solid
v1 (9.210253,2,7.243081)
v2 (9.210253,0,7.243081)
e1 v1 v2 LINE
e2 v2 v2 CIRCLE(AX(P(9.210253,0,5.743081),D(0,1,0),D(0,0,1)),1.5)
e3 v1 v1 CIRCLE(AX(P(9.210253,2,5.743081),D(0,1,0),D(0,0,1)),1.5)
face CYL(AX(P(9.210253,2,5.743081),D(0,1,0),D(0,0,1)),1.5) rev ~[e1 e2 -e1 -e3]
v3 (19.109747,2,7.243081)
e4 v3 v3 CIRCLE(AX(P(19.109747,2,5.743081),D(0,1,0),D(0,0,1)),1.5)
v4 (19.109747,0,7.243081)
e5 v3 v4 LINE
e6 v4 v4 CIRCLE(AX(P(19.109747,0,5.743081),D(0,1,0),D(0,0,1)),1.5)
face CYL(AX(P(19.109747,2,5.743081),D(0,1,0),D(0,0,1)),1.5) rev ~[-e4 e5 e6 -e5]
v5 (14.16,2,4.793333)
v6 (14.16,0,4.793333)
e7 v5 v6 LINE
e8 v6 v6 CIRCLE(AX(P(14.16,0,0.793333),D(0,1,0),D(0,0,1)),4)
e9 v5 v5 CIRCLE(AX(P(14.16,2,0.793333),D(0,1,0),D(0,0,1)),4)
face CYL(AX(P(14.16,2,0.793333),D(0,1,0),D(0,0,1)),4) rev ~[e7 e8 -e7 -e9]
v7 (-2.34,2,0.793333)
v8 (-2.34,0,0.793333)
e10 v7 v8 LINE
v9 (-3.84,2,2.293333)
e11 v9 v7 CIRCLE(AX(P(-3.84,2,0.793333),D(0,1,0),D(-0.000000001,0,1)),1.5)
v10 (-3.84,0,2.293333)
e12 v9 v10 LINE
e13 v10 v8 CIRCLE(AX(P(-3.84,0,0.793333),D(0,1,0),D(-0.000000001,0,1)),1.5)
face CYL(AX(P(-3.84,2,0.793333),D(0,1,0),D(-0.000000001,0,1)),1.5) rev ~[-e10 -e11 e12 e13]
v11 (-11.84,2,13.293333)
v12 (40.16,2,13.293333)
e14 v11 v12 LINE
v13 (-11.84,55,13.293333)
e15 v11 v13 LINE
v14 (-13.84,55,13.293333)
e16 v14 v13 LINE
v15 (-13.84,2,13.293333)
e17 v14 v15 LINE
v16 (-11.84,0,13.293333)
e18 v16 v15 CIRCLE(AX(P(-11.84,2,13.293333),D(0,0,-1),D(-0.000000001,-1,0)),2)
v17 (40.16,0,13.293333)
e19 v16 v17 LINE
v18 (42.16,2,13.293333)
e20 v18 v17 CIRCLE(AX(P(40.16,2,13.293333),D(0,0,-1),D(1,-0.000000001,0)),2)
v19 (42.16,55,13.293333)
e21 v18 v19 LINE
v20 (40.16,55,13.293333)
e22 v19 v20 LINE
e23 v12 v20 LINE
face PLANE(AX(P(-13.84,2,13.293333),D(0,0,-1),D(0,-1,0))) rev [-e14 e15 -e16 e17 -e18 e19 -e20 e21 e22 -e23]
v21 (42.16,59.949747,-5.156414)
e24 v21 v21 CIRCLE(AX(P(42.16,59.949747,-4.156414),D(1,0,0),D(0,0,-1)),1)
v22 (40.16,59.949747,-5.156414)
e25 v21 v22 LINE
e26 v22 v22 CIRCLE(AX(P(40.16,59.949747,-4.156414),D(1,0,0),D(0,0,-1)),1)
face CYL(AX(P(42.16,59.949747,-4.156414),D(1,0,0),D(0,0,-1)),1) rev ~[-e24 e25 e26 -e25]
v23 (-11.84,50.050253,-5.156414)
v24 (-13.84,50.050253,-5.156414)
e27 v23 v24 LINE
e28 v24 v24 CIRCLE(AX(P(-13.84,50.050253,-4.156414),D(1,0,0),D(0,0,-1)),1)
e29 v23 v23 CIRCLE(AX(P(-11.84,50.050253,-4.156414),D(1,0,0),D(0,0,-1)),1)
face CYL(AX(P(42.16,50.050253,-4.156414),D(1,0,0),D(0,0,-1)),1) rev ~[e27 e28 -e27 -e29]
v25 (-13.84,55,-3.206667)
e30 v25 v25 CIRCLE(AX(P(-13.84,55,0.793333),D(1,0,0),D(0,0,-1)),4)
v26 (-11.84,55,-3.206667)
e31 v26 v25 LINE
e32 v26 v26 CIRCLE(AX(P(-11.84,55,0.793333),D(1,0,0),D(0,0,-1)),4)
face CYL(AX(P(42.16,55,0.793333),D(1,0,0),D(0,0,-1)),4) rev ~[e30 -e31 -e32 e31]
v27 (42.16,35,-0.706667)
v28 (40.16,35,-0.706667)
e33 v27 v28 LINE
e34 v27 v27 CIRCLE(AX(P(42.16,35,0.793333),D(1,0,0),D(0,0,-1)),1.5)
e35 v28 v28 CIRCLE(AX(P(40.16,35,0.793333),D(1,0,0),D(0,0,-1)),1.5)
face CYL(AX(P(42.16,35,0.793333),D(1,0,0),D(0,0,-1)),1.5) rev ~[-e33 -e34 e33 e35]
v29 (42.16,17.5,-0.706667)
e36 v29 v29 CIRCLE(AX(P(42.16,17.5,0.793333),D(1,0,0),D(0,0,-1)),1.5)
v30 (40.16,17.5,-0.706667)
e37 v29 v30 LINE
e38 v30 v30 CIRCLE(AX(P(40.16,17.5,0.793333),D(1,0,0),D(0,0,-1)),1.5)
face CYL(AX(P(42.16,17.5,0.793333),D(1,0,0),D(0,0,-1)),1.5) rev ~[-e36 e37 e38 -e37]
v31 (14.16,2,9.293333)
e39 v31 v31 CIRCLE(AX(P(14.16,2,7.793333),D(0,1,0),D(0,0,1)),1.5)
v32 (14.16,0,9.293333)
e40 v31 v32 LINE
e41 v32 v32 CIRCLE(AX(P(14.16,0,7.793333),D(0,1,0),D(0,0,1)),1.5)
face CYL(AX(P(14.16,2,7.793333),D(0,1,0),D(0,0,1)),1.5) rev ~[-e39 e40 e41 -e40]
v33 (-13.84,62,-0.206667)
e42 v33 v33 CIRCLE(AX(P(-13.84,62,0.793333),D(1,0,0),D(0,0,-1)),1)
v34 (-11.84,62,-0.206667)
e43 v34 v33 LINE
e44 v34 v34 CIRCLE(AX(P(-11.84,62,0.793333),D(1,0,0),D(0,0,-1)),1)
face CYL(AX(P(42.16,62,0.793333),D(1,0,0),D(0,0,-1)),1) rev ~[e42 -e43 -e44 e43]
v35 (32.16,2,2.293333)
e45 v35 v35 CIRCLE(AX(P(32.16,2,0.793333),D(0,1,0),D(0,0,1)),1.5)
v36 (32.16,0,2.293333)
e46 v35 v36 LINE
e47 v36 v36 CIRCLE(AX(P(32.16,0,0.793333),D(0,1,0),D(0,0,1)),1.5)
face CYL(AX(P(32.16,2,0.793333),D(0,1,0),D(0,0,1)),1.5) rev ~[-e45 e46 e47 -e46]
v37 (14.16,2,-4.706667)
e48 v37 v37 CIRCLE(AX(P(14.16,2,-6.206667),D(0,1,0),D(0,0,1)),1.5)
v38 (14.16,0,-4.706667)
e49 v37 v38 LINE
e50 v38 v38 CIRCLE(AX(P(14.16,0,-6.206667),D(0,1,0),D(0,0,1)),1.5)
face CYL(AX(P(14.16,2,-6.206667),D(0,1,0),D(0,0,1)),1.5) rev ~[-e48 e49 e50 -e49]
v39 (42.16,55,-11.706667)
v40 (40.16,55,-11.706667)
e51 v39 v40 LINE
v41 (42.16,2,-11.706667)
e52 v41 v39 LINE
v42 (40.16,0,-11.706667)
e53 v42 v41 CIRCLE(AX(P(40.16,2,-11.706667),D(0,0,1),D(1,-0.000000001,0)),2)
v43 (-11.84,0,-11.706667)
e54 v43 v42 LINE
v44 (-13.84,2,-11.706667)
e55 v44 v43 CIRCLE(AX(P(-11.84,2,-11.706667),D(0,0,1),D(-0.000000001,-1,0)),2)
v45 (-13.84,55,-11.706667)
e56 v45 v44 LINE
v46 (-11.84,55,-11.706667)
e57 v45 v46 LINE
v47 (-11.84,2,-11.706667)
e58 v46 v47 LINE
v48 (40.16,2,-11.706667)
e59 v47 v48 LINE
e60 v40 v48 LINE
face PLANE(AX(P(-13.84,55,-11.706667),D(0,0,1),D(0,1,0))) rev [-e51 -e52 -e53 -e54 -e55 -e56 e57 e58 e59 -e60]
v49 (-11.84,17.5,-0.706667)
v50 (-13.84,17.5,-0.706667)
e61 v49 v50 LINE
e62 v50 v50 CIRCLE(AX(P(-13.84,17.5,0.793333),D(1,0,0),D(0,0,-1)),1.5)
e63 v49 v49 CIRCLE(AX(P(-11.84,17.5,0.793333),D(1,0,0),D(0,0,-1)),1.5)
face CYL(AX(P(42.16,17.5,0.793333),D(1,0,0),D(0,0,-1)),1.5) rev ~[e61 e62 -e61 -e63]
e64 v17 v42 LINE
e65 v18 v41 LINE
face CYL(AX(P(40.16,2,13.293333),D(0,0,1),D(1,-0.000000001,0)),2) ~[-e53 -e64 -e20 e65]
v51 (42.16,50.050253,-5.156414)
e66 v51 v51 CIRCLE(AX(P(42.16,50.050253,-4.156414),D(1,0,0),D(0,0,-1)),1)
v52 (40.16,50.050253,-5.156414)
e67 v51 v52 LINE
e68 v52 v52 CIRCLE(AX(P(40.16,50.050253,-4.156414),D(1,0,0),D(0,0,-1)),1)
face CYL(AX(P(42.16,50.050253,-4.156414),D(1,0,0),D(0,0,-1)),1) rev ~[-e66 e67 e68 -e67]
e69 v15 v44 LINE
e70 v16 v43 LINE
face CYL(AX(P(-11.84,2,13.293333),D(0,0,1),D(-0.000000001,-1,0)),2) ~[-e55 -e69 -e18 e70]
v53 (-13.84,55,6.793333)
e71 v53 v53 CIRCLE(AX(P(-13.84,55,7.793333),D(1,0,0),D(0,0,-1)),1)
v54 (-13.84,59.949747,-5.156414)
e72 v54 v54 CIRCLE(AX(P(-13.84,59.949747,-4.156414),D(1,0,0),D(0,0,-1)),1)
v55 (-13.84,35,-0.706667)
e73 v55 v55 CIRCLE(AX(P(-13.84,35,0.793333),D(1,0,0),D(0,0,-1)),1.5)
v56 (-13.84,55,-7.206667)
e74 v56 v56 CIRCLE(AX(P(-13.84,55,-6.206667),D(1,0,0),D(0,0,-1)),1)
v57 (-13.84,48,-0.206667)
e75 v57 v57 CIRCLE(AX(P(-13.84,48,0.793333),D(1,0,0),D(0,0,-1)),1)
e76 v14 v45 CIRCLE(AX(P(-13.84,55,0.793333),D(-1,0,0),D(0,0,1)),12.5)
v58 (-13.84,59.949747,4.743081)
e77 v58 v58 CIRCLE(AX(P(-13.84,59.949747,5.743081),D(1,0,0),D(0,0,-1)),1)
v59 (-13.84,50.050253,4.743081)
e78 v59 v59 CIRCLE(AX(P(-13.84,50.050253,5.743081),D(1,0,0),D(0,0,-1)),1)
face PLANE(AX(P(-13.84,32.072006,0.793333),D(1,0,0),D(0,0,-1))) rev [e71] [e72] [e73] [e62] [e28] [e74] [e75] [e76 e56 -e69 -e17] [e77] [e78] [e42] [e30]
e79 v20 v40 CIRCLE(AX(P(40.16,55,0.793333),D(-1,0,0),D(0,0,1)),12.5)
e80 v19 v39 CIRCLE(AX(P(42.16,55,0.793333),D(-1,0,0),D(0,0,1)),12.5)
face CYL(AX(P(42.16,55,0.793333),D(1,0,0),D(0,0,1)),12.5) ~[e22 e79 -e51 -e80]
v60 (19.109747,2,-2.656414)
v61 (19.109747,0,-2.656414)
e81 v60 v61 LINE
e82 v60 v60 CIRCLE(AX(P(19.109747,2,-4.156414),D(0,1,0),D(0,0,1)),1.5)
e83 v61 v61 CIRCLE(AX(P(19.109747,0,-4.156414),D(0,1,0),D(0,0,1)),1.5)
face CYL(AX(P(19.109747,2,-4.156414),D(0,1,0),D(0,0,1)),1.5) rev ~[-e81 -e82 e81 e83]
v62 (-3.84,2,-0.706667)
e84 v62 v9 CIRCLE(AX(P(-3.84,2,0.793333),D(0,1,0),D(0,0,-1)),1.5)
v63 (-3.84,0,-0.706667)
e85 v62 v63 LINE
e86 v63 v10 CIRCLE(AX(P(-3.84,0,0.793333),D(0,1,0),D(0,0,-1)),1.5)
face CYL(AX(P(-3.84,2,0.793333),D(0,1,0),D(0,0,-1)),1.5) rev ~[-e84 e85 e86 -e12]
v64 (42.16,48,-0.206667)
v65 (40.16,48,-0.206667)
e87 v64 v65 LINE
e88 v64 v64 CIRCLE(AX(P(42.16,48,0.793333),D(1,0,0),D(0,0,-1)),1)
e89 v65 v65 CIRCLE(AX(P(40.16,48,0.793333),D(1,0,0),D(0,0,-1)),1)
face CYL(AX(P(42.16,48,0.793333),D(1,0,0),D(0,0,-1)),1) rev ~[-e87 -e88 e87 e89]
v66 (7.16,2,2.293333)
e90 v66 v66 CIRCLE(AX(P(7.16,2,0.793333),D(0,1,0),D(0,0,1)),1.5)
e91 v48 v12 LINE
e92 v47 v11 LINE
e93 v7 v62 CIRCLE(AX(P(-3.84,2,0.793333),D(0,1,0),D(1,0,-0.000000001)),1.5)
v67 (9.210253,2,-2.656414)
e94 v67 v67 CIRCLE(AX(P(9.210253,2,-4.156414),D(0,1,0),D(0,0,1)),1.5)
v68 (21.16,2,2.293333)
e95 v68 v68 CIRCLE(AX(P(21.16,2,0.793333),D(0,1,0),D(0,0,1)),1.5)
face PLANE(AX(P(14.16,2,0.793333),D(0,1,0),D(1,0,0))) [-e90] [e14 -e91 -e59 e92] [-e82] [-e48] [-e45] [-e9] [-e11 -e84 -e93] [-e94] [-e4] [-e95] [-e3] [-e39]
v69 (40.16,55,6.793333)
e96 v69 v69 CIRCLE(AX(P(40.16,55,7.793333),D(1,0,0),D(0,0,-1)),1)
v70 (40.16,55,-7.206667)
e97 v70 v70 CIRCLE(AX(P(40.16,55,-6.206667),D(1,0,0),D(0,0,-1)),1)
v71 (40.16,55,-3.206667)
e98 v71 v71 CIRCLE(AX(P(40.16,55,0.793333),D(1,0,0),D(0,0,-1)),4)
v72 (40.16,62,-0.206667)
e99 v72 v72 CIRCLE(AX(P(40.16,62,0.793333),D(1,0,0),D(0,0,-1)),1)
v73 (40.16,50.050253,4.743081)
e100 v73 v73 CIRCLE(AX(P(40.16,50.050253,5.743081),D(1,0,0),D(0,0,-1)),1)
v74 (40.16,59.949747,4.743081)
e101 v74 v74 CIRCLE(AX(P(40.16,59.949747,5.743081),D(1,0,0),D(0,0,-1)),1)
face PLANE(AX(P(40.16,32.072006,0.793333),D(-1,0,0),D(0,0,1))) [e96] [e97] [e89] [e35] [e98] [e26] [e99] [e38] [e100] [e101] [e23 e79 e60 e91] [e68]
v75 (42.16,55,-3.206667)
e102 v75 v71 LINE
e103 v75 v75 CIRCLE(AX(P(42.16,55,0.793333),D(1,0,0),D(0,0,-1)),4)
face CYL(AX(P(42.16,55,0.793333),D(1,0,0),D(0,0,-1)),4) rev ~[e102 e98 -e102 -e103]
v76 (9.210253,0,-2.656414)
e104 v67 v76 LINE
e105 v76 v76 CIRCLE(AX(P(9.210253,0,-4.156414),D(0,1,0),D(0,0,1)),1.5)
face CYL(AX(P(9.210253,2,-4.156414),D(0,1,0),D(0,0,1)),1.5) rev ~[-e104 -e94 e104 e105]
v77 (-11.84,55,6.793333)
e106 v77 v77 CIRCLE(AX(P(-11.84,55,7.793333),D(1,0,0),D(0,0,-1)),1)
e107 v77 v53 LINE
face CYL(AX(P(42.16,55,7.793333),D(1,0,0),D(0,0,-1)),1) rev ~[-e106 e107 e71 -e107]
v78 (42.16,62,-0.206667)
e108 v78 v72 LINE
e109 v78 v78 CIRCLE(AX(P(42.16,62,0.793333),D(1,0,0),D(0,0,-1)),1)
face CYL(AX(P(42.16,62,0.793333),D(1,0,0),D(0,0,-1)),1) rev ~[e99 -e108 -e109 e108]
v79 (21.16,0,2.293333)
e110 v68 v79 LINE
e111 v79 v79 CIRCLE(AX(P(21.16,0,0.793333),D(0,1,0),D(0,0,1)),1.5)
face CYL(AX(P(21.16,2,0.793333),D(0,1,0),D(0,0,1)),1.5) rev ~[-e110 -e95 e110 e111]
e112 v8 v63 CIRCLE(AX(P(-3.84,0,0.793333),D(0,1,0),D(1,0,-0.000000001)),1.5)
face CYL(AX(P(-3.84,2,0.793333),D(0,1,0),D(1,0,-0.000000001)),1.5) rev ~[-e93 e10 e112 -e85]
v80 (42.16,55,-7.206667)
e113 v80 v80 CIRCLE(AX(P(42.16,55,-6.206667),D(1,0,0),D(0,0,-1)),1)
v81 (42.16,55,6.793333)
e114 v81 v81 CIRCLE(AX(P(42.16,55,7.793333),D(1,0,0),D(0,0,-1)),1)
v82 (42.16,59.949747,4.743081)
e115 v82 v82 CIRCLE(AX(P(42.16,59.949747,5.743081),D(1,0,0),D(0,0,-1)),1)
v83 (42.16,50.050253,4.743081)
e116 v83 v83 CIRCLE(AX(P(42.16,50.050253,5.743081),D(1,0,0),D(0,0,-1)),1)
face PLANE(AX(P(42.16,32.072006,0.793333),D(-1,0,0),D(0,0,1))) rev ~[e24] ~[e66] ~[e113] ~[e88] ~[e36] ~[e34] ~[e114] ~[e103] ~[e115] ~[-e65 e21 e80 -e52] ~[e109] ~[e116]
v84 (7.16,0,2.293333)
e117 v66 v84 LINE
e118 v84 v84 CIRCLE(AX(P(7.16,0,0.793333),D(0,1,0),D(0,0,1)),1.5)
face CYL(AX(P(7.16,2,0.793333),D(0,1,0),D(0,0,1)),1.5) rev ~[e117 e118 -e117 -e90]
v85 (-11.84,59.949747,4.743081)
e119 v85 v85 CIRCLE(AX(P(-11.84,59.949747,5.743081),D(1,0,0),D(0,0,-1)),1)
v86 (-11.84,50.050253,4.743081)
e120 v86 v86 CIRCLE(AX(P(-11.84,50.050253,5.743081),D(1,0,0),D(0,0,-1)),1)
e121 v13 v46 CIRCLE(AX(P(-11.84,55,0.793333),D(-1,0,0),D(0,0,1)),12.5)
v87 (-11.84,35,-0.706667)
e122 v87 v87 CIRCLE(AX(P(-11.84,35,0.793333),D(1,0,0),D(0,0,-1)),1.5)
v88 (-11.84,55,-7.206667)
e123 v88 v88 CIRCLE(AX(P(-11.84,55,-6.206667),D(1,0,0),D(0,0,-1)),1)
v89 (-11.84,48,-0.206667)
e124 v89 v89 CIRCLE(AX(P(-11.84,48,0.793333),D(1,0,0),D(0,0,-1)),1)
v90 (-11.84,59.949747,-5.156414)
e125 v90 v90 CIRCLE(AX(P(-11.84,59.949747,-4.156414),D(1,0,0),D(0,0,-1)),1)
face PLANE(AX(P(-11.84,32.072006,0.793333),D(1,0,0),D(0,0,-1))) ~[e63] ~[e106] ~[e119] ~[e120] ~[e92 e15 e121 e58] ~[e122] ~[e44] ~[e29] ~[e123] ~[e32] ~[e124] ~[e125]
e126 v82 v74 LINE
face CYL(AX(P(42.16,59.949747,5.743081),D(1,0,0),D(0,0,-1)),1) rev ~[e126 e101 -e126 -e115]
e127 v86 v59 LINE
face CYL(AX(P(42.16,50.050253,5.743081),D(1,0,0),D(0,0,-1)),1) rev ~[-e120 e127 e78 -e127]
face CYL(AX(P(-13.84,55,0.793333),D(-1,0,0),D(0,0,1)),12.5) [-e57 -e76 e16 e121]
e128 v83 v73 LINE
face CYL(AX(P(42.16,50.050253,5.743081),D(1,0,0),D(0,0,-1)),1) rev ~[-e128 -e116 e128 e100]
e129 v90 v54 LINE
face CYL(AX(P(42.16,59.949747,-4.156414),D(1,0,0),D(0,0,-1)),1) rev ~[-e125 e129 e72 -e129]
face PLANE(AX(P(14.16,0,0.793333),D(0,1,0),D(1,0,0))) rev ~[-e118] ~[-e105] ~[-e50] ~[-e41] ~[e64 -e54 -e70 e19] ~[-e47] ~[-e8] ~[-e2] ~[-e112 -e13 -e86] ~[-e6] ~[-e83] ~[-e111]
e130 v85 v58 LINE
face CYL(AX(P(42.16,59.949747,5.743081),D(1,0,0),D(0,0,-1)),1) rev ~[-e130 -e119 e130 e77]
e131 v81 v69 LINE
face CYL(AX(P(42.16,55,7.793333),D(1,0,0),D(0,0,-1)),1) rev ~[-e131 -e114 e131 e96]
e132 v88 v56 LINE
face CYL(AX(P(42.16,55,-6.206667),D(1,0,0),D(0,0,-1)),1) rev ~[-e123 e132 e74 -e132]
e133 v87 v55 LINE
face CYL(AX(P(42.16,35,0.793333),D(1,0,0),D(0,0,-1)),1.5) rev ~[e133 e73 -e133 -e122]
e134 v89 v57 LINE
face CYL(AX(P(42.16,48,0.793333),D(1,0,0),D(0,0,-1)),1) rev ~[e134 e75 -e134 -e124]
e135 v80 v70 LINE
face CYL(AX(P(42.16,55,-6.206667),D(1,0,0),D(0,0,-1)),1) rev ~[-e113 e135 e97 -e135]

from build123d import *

# Parameters (mm, degrees)
SKETCH_1_W          = 56
SKETCH_1_H          = 25
EXTRUDE_1_DEPTH     = 2
EXTRUDE_2_DEPTH     = 2
SKETCH_3_R          = 4
SKETCH_3_R_2        = 1
CUT_EXTRUDE_1_DEPTH = 105
SKETCH_4_R          = 1.5
CUT_EXTRUDE_2_DEPTH = 105
SKETCH_5_R          = 1.5
CUT_EXTRUDE_3_DEPTH = 105
SKETCH_6_R          = 1.5
SKETCH_6_R_2        = 4
CUT_EXTRUDE_5_DEPTH = 105
CUT_EXTRUDE_6_DEPTH = 84.41891632


with BuildPart() as part:
    # 草图1 → 凸台-拉伸1 (new body)
    with BuildSketch(Plane(origin=(0, 0, 0), x_dir=(1, 0, 0), z_dir=(0, 1, 0))):
        with Locations((14.16, -0.793333333)):
            Rectangle(SKETCH_1_W, SKETCH_1_H)
    extrude(amount=EXTRUDE_1_DEPTH)

    # 草图2 → 凸台-拉伸2 (add)
    with BuildSketch(Plane(origin=(42.16, 0, 0), x_dir=(0, 0, -1), z_dir=(1, 0, 0))):
        with BuildLine():
            Line((-13.293333333, 2), (-13.293333333, 55))
            ThreePointArc((-13.293333333, 55), (-0.793333333, 67.5), (11.706666667, 55))
            Line((11.706666667, 55), (11.706666667, 2))
            Line((11.706666667, 2), (-13.293333333, 2))
        make_face()
    extrude_2 = extrude(amount=-EXTRUDE_2_DEPTH)

    # 镜向1: 凸台-拉伸2 across plane
    add(extrude_2.mirror(Plane.ZY.offset(-14.16)))

    # 草图3 → 切除-拉伸1 (cut)
    with BuildSketch(Plane(origin=(42.16, 0, 0), x_dir=(0, 0, -1), z_dir=(1, 0, 0))):
        with Locations((-0.793333333, 55)):
            Circle(SKETCH_3_R)
        with Locations((-0.793333333, 62)):
            Circle(SKETCH_3_R_2)
        with Locations((4.156414135, 59.949747468)):
            Circle(SKETCH_3_R_2)
        with Locations((6.206666667, 55)):
            Circle(SKETCH_3_R_2)
        with Locations((4.156414135, 50.050252532)):
            Circle(SKETCH_3_R_2)
        with Locations((-0.793333333, 48)):
            Circle(SKETCH_3_R_2)
        with Locations((-5.743080802, 50.050252532)):
            Circle(SKETCH_3_R_2)
        with Locations((-7.793333333, 55)):
            Circle(SKETCH_3_R_2)
        with Locations((-5.743080802, 59.949747468)):
            Circle(SKETCH_3_R_2)
    extrude(amount=-CUT_EXTRUDE_1_DEPTH, mode=Mode.SUBTRACT)

    # 草图4 → 切除-拉伸2 (cut)
    with BuildSketch(Plane(origin=(42.16, 0, 0), x_dir=(0, 0, -1), z_dir=(1, 0, 0))):
        with Locations((-0.793333333, 17.5)):
            Circle(SKETCH_4_R)
        with Locations((-0.793333333, 35)):
            Circle(SKETCH_4_R)
    extrude(amount=-CUT_EXTRUDE_2_DEPTH, mode=Mode.SUBTRACT)

    # 草图5 → 切除-拉伸3 (cut)
    with BuildSketch(Plane(origin=(0, 2, 0), x_dir=(1, 0, 0), z_dir=(0, 1, 0))):
        with Locations(Location((32.16, -0.793333333, 0), (0, 0, 270))):
            Circle(SKETCH_5_R)
        with BuildLine():
            ThreePointArc((-3.84, 0.706666667), (-5.34, -0.793333333), (-3.84, -2.293333333))
            Line((-3.84, -2.293333333), (-3.84, 0.706666667))
        make_face()
        with BuildLine():
            Line((-3.84, 0.706666667), (-3.84, -2.293333333))
            ThreePointArc((-3.84, -2.293333333), (-2.779339828, -1.853993505), (-2.34, -0.793333333))
            ThreePointArc((-2.34, -0.793333333), (-2.779339828, 0.267326838), (-3.84, 0.706666667))
        make_face()
    extrude(amount=-CUT_EXTRUDE_3_DEPTH, mode=Mode.SUBTRACT)

    # 草图6 → 切除-拉伸5 (cut)
    with BuildSketch(Plane(origin=(0, 2, 0), x_dir=(1, 0, 0), z_dir=(0, 1, 0))):
        with Locations(Location((14.16, -7.793333333, 0), (0, 0, 270))):
            Circle(SKETCH_6_R)
        with Locations(Location((9.210252532, -5.743080802, 0), (0, 0, 270))):
            Circle(SKETCH_6_R)
        with Locations(Location((7.16, -0.793333333, 0), (0, 0, 270))):
            Circle(SKETCH_6_R)
        with Locations(Location((9.210252532, 4.156414135, 0), (0, 0, 270))):
            Circle(SKETCH_6_R)
        with Locations(Location((14.16, 6.206666667, 0), (0, 0, 270))):
            Circle(SKETCH_6_R)
        with Locations(Location((19.109747468, 4.156414135, 0), (0, 0, 270))):
            Circle(SKETCH_6_R)
        with Locations(Location((21.16, -0.793333333, 0), (0, 0, 270))):
            Circle(SKETCH_6_R)
        with Locations(Location((19.109747468, -5.743080802, 0), (0, 0, 270))):
            Circle(SKETCH_6_R)
        with Locations(Location((14.16, -0.793333333, 0), (0, 0, 270))):
            Circle(SKETCH_6_R_2)
    extrude(amount=-CUT_EXTRUDE_5_DEPTH, mode=Mode.SUBTRACT)

    # 草图7 → 切除-拉伸6 (cut, through all)
    with BuildSketch(Plane.XY.offset(13.293333333)):
        with BuildLine():
            Line((-13.84, 0), (-11.84, 0))
            ThreePointArc((-11.84, 0), (-13.254213562, 0.585786438), (-13.84, 2))
            Line((-13.84, 2), (-13.84, 0))
        make_face()
        with BuildLine():
            ThreePointArc((42.16, 2), (41.574213562, 0.585786438), (40.16, 0))
            Line((40.16, 0), (42.16, 0))
            Line((42.16, 0), (42.16, 2))
        make_face()
    extrude(amount=-CUT_EXTRUDE_6_DEPTH, mode=Mode.SUBTRACT)


solid = part.part
